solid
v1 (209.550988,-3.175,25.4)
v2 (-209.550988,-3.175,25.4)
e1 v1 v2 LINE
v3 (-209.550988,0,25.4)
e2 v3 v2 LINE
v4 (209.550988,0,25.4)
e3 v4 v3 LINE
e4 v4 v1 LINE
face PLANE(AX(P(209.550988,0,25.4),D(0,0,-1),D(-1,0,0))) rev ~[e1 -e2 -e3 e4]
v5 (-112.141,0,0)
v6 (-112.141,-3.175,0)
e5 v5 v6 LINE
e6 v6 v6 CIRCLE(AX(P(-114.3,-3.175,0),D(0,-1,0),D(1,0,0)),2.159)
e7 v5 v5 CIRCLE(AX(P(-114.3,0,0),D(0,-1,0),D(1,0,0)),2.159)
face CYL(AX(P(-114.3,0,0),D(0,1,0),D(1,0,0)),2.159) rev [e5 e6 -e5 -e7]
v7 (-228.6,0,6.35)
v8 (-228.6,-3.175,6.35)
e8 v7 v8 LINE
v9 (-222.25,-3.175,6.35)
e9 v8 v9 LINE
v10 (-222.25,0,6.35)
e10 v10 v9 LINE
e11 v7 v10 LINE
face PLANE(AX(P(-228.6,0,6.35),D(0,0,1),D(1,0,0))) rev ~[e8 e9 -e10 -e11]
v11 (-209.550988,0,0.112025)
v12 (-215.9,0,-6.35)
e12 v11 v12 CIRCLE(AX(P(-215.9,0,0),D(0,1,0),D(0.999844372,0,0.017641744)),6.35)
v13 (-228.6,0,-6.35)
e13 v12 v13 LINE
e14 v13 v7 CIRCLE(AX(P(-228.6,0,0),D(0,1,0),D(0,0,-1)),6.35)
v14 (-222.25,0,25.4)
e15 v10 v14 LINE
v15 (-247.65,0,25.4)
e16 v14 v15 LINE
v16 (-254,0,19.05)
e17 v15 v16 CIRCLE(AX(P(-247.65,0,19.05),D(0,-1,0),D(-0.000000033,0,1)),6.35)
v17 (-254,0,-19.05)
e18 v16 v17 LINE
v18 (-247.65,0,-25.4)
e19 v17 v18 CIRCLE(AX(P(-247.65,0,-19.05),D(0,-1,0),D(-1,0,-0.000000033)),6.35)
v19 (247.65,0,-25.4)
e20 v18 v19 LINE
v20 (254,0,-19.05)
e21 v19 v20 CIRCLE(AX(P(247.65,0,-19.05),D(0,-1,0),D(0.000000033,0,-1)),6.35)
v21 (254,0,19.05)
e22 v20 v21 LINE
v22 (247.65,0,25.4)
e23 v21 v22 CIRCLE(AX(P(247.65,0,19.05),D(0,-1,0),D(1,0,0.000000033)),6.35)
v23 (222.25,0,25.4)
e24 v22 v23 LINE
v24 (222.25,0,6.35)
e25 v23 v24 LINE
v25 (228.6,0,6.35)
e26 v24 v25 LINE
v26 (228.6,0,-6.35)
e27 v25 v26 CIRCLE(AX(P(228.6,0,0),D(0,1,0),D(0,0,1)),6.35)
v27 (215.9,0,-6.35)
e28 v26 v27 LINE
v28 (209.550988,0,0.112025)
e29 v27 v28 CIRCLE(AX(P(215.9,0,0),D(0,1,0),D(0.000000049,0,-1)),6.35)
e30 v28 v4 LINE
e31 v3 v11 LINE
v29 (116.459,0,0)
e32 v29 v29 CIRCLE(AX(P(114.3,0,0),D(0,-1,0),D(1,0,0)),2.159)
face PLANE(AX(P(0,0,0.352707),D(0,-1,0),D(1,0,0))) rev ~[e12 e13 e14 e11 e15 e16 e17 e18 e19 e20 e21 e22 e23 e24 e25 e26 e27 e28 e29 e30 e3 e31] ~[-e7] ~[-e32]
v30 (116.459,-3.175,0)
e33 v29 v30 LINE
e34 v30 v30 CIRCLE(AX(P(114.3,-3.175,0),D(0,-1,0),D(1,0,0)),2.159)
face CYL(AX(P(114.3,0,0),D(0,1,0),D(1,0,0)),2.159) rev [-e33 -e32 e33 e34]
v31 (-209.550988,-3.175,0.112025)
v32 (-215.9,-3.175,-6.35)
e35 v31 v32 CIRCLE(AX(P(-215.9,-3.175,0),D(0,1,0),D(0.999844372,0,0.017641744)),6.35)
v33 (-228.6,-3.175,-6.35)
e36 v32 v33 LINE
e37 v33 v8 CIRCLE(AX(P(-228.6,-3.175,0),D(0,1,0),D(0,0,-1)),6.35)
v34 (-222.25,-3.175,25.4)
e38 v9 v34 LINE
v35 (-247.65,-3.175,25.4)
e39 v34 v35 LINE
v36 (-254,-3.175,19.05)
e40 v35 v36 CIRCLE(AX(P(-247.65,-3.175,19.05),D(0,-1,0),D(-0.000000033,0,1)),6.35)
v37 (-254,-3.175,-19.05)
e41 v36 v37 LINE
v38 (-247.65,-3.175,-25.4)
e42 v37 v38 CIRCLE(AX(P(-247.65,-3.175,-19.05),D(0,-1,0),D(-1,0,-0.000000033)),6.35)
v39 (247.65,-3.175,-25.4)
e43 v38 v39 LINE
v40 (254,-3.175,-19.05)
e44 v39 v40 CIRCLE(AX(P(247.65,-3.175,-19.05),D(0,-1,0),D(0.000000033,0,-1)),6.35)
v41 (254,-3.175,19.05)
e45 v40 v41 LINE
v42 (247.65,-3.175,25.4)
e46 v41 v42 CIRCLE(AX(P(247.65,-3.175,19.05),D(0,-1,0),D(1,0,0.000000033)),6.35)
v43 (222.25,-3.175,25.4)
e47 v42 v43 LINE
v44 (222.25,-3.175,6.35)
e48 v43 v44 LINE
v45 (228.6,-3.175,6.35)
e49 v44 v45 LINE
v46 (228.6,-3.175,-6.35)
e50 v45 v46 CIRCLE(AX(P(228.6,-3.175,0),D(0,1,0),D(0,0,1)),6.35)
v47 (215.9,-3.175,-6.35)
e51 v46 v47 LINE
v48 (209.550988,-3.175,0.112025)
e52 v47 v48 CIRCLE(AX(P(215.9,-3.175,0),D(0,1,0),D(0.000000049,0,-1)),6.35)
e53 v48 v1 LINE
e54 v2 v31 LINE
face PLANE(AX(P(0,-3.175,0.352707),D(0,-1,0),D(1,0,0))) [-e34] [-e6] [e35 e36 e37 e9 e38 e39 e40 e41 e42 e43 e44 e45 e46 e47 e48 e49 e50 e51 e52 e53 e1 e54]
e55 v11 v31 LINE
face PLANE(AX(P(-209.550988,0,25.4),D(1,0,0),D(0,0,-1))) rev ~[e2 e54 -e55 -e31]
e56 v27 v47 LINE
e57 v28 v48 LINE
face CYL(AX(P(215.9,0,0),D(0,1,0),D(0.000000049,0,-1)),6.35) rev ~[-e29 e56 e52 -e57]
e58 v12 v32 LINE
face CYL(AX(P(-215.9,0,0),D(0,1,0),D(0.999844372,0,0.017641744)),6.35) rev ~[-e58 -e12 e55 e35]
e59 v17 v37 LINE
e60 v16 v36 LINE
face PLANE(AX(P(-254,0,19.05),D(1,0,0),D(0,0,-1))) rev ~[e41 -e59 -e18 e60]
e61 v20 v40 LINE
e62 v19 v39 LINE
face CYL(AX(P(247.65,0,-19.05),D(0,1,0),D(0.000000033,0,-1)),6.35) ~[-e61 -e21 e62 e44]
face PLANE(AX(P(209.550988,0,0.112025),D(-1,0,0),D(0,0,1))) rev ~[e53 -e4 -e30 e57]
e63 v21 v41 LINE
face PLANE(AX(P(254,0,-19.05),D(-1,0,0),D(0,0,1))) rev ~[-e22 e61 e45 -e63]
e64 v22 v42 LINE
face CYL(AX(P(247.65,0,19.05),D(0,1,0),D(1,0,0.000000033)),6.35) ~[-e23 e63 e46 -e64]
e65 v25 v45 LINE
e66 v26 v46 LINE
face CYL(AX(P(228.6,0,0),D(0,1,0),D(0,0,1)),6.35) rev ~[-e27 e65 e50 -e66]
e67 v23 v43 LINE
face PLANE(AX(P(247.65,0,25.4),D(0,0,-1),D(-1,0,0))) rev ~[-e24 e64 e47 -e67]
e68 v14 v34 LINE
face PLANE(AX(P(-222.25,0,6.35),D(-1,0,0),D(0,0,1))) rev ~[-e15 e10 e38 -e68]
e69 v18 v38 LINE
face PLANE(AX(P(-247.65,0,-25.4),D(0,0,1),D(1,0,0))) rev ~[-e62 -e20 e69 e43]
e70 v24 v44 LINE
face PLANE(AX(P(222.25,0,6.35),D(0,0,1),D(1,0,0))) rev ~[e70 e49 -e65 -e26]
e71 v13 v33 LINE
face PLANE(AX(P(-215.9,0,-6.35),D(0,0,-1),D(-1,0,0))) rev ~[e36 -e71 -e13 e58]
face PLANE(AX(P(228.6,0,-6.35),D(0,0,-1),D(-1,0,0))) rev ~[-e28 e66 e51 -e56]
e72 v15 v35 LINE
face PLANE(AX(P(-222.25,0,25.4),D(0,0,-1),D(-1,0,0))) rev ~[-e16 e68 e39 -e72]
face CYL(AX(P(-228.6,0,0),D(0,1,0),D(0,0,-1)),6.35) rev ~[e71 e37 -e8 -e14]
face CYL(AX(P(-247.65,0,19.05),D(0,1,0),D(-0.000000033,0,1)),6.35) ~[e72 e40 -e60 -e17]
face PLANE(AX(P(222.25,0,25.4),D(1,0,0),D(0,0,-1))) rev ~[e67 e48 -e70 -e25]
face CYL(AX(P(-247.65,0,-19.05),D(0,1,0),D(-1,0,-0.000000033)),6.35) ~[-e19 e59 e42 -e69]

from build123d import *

# Parameters (mm, degrees)
F0_R     = 2.159
F1_DEPTH = 3.175


with BuildPart() as f1:
    # F0 (on Front) → F1 (new body)
    with BuildSketch(Plane.XZ):
        with BuildLine():
            Line((-247.65, -25.4), (247.65, -25.4))
            ThreePointArc((247.65, -25.4), (252.140128, -23.540128), (254, -19.05))
            Line((254, -19.05), (254, 19.05))
            ThreePointArc((254, 19.05), (252.140128, 23.540128), (247.65, 25.4))
            Line((247.65, 25.4), (222.25, 25.4))
            Line((222.25, 25.4), (222.25, 6.35))
            Line((222.25, 6.35), (228.6, 6.35))
            ThreePointArc((228.6, 6.35), (234.95, 0), (228.6, -6.35))
            Line((228.6, -6.35), (215.9, -6.35))
            ThreePointArc((215.9, -6.35), (211.370438, -4.450345), (209.550988, 0.112025))
            Line((209.550988, 0.112025), (209.550988, 25.4))
            Line((209.550988, 25.4), (-209.550988, 25.4))
            Line((-209.550988, 25.4), (-209.550988, 0.112025))
            ThreePointArc((-209.550988, 0.112025), (-211.370438, -4.450345), (-215.9, -6.35))
            Line((-215.9, -6.35), (-228.6, -6.35))
            ThreePointArc((-228.6, -6.35), (-234.95, 0), (-228.6, 6.35))
            Line((-228.6, 6.35), (-222.25, 6.35))
            Line((-222.25, 6.35), (-222.25, 25.4))
            Line((-222.25, 25.4), (-247.65, 25.4))
            ThreePointArc((-247.65, 25.4), (-252.140128, 23.540128), (-254, 19.05))
            Line((-254, 19.05), (-254, -19.05))
            ThreePointArc((-254, -19.05), (-252.140128, -23.540128), (-247.65, -25.4))
        make_face()
        with Locations((-114.3, 0)):
            Circle(F0_R, mode=Mode.SUBTRACT)
        with Locations((114.3, 0)):
            Circle(F0_R, mode=Mode.SUBTRACT)
    extrude(amount=F1_DEPTH)


solid = f1.part
